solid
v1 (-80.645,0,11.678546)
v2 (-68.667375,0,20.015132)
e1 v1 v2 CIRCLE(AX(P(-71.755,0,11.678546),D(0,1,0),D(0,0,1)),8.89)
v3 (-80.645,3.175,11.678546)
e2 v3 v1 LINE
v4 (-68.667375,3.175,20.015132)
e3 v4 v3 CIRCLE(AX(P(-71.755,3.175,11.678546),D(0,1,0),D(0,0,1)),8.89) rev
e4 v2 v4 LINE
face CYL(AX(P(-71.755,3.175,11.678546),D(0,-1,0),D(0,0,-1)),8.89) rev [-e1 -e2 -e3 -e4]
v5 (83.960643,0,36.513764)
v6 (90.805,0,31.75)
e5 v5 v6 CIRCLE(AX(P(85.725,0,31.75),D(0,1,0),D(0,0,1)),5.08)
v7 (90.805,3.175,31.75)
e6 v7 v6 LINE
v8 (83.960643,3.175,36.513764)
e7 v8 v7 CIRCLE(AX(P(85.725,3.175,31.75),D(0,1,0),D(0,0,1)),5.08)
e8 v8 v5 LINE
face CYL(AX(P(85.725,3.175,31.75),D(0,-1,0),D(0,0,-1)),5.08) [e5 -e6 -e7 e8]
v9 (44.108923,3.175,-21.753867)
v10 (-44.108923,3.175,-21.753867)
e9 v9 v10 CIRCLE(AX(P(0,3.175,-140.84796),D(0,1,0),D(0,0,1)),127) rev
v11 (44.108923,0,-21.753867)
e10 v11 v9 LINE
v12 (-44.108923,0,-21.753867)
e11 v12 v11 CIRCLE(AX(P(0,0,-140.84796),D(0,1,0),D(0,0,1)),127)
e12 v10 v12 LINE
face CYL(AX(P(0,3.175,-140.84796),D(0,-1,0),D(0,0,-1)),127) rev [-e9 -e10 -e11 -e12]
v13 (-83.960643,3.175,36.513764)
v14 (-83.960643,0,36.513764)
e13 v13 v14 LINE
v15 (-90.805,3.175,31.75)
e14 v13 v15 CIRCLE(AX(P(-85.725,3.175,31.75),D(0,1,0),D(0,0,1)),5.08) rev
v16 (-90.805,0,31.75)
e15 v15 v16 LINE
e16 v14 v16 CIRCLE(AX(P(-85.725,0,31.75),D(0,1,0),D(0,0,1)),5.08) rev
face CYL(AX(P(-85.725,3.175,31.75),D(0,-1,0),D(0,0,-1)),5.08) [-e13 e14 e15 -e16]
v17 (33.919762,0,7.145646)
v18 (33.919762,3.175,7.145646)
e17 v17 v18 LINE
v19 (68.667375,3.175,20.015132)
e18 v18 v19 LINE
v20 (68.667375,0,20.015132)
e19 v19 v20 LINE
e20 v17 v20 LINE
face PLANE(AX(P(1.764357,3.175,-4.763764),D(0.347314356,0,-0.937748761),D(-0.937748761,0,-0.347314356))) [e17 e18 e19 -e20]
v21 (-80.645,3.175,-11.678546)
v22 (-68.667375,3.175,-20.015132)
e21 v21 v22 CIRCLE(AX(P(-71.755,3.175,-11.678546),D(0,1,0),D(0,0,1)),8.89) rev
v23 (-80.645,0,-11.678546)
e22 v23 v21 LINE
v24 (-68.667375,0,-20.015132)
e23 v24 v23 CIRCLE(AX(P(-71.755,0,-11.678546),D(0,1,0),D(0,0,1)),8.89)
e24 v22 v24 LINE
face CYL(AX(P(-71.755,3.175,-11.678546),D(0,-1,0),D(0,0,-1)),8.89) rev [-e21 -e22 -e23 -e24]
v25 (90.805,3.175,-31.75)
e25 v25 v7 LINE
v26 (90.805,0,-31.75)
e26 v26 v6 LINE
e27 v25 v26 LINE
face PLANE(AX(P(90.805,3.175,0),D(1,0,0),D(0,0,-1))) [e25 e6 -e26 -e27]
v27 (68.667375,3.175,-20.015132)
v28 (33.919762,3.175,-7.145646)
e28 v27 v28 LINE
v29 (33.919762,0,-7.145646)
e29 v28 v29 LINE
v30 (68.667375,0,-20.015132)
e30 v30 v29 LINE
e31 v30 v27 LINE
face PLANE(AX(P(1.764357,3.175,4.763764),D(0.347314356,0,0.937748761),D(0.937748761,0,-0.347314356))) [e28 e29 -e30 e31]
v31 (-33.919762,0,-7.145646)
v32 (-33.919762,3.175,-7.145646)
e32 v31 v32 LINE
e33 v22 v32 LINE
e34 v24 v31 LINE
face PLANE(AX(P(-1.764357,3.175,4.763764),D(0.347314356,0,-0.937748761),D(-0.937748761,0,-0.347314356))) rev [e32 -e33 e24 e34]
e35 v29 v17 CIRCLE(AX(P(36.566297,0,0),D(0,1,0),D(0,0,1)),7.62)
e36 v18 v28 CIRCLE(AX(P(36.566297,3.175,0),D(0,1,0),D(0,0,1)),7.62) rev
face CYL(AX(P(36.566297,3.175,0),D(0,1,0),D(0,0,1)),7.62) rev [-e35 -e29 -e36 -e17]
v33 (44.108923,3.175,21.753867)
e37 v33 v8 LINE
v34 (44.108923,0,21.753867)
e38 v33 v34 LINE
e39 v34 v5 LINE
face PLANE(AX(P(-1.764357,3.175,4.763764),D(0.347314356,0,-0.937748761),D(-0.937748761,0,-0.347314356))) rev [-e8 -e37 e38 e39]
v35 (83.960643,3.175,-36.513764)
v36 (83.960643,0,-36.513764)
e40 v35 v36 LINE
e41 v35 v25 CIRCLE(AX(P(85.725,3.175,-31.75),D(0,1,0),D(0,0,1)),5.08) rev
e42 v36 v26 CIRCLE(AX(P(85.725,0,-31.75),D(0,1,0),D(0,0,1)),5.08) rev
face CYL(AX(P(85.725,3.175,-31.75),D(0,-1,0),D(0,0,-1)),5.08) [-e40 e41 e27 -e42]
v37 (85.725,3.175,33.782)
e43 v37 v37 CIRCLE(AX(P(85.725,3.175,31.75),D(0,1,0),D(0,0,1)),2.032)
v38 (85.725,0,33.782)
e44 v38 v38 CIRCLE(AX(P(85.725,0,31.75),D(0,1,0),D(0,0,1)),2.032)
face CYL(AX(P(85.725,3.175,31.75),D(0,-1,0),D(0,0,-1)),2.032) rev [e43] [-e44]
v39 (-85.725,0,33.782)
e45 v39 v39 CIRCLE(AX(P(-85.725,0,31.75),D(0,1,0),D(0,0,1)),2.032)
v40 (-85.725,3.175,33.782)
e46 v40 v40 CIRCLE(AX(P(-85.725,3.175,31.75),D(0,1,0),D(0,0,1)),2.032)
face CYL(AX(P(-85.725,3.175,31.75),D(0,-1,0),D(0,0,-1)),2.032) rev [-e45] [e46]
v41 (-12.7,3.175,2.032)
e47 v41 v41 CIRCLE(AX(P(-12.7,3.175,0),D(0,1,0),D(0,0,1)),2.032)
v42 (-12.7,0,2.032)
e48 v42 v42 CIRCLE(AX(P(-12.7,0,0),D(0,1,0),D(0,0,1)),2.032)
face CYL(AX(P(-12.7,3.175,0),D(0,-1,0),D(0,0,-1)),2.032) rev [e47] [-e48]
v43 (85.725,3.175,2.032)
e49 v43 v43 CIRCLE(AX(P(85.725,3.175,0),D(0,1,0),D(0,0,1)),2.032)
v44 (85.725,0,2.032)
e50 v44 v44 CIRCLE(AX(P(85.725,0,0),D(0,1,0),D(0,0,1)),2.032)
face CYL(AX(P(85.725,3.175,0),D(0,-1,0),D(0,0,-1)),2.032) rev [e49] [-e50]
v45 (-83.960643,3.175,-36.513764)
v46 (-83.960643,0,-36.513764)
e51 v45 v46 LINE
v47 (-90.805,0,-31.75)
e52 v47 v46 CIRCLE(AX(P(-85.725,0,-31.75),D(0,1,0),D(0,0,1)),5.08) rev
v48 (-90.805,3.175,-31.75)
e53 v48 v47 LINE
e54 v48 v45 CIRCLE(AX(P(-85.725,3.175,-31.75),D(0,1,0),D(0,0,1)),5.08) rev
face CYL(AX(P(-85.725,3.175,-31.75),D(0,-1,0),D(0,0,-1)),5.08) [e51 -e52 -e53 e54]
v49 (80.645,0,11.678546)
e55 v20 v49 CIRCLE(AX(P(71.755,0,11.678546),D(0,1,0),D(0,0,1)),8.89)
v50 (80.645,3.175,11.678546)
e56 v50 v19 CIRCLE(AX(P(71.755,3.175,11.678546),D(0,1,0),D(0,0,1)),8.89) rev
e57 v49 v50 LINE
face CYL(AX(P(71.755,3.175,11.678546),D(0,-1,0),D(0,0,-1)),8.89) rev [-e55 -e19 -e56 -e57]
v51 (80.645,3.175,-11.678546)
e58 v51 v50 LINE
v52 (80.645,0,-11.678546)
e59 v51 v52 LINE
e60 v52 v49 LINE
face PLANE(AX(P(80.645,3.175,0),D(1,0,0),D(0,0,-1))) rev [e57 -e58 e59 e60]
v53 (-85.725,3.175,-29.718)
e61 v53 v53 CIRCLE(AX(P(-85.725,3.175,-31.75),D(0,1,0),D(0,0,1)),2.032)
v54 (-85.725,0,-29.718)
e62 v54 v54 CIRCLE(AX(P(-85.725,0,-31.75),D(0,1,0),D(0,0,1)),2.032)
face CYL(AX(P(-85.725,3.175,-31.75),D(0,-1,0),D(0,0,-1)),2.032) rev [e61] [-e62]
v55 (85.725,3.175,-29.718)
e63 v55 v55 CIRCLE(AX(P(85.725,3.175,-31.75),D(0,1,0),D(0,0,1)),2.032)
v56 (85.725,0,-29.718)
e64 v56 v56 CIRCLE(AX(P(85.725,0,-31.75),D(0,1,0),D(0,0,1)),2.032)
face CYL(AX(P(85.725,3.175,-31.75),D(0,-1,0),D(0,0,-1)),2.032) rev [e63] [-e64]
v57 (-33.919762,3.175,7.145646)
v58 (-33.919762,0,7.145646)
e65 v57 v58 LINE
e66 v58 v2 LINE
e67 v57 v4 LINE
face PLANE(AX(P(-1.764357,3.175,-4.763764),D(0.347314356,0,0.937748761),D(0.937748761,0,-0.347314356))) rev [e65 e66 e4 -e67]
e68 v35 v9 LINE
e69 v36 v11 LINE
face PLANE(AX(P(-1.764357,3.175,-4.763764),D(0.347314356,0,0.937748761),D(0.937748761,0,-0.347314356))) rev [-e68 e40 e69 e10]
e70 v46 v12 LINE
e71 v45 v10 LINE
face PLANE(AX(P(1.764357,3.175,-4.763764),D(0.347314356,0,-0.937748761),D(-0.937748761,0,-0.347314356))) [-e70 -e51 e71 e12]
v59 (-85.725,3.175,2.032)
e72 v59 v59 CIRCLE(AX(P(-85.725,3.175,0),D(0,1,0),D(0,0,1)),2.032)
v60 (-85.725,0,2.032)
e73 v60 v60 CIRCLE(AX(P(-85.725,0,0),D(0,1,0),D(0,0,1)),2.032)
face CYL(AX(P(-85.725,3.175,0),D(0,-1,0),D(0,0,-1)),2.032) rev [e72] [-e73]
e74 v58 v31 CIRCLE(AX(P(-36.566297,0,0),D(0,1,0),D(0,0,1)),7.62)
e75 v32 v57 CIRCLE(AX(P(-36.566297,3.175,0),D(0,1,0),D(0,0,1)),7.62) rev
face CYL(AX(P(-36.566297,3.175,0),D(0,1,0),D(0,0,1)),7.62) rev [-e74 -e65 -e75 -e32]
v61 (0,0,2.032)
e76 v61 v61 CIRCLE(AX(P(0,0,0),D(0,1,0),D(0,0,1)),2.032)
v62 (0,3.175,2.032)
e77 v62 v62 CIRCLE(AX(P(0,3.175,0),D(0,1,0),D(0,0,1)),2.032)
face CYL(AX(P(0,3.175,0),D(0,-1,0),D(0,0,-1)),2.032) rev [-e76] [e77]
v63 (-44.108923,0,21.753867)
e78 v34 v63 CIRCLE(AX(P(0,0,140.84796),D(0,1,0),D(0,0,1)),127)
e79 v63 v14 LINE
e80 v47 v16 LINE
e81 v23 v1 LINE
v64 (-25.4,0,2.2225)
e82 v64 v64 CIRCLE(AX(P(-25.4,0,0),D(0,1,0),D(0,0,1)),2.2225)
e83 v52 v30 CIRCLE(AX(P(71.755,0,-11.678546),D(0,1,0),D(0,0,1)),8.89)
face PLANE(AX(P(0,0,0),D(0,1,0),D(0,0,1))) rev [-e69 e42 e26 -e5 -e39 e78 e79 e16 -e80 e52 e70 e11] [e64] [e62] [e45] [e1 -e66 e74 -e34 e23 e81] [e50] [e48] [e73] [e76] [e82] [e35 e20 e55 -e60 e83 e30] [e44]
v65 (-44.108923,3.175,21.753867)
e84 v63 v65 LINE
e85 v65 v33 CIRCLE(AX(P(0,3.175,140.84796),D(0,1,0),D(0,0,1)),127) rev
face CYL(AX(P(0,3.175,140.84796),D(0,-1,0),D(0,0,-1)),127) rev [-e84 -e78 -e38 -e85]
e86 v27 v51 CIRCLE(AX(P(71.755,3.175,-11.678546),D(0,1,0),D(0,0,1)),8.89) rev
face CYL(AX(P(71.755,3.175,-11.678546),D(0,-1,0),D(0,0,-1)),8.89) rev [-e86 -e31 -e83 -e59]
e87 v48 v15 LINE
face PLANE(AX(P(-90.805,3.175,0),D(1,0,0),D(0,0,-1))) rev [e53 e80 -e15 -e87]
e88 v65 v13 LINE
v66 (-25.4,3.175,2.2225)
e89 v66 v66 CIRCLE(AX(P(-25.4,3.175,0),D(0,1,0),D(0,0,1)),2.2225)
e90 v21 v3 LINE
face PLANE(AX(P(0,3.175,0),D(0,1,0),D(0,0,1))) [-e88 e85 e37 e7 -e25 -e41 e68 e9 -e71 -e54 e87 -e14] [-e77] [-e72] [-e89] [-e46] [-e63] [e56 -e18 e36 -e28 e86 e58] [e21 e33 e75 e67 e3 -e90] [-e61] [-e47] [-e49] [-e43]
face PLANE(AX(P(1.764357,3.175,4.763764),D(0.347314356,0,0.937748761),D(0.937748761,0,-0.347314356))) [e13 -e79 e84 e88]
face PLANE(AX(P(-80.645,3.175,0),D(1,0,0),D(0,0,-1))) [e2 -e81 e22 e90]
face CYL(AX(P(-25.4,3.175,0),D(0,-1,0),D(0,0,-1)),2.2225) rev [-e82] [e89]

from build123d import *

# Parameters (mm, degrees)
SKETCH1_R           = 2.032
BOSS_EXTRUDE1_DEPTH = 3.175
FILLET1_R           = 8.89
FILLET2_R           = 7.62
FILLET3_R           = 127
SKETCH1_3_R         = 2.032
SKETCH1_3_R_2       = 2.2225
CUT_EXTRUDE1_DEPTH  = 99.041203328


with BuildPart() as part:
    # Sketch1 → Boss-Extrude1 (new body)
    with BuildSketch(Plane(origin=(0, 0, 0), x_dir=(1, 0, 0), z_dir=(0, 1, 0))):
        with BuildLine():
            Line((90.805, -31.75), (90.805, 31.75))
            ThreePointArc((90.805, 31.75), (88.627022296, 35.919492367), (83.960643072, 36.513763704))
            Line((83.960643072, 36.513763704), (0, 5.417229233))
            Line((0, 5.417229233), (-83.960643072, 36.513763704))
            ThreePointArc((-83.960643072, 36.513763704), (-88.627022296, 35.919492367), (-90.805, 31.75))
            Line((-90.805, 31.75), (-90.805, -31.75))
            ThreePointArc((-90.805, -31.75), (-88.627022296, -35.919492367), (-83.960643072, -36.513763704))
            Line((-83.960643072, -36.513763704), (0, -5.417229233))
            Line((0, -5.417229233), (83.960643072, -36.513763704))
            ThreePointArc((83.960643072, -36.513763704), (88.627022296, -35.919492367), (90.805, -31.75))
        make_face()
        Polygon((80.645, 24.451289285), (80.645, -24.451289285), (14.62651893, 0), align=None, mode=Mode.SUBTRACT)
        with Locations((85.725, 0)):
            Circle(SKETCH1_R, mode=Mode.SUBTRACT)
        with Locations((85.725, 31.75)):
            Circle(SKETCH1_R, mode=Mode.SUBTRACT)
        with Locations((85.725, -31.75)):
            Circle(SKETCH1_R, mode=Mode.SUBTRACT)
        Polygon((-80.645, -24.451289285), (-80.645, 24.451289285), (-14.62651893, 0), align=None, mode=Mode.SUBTRACT)
        with Locations((-85.725, -31.75)):
            Circle(SKETCH1_R, mode=Mode.SUBTRACT)
        with Locations((-85.725, 31.75)):
            Circle(SKETCH1_R, mode=Mode.SUBTRACT)
        with Locations((-85.725, 0)):
            Circle(SKETCH1_R, mode=Mode.SUBTRACT)
    extrude(amount=BOSS_EXTRUDE1_DEPTH)

    # Fillet1
    fillet1_edges = [part.edges().sort_by_distance(p)[0] for p in [
        (-80.645, 1.5875, 24.451289285),
        (-80.645, 1.5875, -24.451289285),
        (80.645, 1.5875, 24.451289285),
        (80.645, 1.5875, -24.451289285),
    ]]
    fillet(fillet1_edges, radius=FILLET1_R)

    # Fillet2
    fillet2_edges = [part.edges().sort_by_distance(p)[0] for p in [
        (14.62651893, 1.5875, 0),
        (-14.62651893, 1.5875, 0),
    ]]
    fillet(fillet2_edges, radius=FILLET2_R)

    # Fillet3
    fillet3_edges = [part.edges().sort_by_distance(p)[0] for p in [
        (0, 1.5875, 5.417229233),
        (0, 1.5875, -5.417229233),
    ]]
    fillet(fillet3_edges, radius=FILLET3_R)

    # Sketch1<3> → Cut-Extrude1 (cut, through all)
    with BuildSketch(Plane(origin=(0, 0, 0), x_dir=(1, 0, 0), z_dir=(0, 1, 0))):
        Circle(SKETCH1_3_R)
        with Locations((-12.7, 0)):
            Circle(SKETCH1_3_R)
        with Locations((-25.4, 0)):
            Circle(SKETCH1_3_R_2)
    extrude(amount=CUT_EXTRUDE1_DEPTH, mode=Mode.SUBTRACT)


solid = part.part
